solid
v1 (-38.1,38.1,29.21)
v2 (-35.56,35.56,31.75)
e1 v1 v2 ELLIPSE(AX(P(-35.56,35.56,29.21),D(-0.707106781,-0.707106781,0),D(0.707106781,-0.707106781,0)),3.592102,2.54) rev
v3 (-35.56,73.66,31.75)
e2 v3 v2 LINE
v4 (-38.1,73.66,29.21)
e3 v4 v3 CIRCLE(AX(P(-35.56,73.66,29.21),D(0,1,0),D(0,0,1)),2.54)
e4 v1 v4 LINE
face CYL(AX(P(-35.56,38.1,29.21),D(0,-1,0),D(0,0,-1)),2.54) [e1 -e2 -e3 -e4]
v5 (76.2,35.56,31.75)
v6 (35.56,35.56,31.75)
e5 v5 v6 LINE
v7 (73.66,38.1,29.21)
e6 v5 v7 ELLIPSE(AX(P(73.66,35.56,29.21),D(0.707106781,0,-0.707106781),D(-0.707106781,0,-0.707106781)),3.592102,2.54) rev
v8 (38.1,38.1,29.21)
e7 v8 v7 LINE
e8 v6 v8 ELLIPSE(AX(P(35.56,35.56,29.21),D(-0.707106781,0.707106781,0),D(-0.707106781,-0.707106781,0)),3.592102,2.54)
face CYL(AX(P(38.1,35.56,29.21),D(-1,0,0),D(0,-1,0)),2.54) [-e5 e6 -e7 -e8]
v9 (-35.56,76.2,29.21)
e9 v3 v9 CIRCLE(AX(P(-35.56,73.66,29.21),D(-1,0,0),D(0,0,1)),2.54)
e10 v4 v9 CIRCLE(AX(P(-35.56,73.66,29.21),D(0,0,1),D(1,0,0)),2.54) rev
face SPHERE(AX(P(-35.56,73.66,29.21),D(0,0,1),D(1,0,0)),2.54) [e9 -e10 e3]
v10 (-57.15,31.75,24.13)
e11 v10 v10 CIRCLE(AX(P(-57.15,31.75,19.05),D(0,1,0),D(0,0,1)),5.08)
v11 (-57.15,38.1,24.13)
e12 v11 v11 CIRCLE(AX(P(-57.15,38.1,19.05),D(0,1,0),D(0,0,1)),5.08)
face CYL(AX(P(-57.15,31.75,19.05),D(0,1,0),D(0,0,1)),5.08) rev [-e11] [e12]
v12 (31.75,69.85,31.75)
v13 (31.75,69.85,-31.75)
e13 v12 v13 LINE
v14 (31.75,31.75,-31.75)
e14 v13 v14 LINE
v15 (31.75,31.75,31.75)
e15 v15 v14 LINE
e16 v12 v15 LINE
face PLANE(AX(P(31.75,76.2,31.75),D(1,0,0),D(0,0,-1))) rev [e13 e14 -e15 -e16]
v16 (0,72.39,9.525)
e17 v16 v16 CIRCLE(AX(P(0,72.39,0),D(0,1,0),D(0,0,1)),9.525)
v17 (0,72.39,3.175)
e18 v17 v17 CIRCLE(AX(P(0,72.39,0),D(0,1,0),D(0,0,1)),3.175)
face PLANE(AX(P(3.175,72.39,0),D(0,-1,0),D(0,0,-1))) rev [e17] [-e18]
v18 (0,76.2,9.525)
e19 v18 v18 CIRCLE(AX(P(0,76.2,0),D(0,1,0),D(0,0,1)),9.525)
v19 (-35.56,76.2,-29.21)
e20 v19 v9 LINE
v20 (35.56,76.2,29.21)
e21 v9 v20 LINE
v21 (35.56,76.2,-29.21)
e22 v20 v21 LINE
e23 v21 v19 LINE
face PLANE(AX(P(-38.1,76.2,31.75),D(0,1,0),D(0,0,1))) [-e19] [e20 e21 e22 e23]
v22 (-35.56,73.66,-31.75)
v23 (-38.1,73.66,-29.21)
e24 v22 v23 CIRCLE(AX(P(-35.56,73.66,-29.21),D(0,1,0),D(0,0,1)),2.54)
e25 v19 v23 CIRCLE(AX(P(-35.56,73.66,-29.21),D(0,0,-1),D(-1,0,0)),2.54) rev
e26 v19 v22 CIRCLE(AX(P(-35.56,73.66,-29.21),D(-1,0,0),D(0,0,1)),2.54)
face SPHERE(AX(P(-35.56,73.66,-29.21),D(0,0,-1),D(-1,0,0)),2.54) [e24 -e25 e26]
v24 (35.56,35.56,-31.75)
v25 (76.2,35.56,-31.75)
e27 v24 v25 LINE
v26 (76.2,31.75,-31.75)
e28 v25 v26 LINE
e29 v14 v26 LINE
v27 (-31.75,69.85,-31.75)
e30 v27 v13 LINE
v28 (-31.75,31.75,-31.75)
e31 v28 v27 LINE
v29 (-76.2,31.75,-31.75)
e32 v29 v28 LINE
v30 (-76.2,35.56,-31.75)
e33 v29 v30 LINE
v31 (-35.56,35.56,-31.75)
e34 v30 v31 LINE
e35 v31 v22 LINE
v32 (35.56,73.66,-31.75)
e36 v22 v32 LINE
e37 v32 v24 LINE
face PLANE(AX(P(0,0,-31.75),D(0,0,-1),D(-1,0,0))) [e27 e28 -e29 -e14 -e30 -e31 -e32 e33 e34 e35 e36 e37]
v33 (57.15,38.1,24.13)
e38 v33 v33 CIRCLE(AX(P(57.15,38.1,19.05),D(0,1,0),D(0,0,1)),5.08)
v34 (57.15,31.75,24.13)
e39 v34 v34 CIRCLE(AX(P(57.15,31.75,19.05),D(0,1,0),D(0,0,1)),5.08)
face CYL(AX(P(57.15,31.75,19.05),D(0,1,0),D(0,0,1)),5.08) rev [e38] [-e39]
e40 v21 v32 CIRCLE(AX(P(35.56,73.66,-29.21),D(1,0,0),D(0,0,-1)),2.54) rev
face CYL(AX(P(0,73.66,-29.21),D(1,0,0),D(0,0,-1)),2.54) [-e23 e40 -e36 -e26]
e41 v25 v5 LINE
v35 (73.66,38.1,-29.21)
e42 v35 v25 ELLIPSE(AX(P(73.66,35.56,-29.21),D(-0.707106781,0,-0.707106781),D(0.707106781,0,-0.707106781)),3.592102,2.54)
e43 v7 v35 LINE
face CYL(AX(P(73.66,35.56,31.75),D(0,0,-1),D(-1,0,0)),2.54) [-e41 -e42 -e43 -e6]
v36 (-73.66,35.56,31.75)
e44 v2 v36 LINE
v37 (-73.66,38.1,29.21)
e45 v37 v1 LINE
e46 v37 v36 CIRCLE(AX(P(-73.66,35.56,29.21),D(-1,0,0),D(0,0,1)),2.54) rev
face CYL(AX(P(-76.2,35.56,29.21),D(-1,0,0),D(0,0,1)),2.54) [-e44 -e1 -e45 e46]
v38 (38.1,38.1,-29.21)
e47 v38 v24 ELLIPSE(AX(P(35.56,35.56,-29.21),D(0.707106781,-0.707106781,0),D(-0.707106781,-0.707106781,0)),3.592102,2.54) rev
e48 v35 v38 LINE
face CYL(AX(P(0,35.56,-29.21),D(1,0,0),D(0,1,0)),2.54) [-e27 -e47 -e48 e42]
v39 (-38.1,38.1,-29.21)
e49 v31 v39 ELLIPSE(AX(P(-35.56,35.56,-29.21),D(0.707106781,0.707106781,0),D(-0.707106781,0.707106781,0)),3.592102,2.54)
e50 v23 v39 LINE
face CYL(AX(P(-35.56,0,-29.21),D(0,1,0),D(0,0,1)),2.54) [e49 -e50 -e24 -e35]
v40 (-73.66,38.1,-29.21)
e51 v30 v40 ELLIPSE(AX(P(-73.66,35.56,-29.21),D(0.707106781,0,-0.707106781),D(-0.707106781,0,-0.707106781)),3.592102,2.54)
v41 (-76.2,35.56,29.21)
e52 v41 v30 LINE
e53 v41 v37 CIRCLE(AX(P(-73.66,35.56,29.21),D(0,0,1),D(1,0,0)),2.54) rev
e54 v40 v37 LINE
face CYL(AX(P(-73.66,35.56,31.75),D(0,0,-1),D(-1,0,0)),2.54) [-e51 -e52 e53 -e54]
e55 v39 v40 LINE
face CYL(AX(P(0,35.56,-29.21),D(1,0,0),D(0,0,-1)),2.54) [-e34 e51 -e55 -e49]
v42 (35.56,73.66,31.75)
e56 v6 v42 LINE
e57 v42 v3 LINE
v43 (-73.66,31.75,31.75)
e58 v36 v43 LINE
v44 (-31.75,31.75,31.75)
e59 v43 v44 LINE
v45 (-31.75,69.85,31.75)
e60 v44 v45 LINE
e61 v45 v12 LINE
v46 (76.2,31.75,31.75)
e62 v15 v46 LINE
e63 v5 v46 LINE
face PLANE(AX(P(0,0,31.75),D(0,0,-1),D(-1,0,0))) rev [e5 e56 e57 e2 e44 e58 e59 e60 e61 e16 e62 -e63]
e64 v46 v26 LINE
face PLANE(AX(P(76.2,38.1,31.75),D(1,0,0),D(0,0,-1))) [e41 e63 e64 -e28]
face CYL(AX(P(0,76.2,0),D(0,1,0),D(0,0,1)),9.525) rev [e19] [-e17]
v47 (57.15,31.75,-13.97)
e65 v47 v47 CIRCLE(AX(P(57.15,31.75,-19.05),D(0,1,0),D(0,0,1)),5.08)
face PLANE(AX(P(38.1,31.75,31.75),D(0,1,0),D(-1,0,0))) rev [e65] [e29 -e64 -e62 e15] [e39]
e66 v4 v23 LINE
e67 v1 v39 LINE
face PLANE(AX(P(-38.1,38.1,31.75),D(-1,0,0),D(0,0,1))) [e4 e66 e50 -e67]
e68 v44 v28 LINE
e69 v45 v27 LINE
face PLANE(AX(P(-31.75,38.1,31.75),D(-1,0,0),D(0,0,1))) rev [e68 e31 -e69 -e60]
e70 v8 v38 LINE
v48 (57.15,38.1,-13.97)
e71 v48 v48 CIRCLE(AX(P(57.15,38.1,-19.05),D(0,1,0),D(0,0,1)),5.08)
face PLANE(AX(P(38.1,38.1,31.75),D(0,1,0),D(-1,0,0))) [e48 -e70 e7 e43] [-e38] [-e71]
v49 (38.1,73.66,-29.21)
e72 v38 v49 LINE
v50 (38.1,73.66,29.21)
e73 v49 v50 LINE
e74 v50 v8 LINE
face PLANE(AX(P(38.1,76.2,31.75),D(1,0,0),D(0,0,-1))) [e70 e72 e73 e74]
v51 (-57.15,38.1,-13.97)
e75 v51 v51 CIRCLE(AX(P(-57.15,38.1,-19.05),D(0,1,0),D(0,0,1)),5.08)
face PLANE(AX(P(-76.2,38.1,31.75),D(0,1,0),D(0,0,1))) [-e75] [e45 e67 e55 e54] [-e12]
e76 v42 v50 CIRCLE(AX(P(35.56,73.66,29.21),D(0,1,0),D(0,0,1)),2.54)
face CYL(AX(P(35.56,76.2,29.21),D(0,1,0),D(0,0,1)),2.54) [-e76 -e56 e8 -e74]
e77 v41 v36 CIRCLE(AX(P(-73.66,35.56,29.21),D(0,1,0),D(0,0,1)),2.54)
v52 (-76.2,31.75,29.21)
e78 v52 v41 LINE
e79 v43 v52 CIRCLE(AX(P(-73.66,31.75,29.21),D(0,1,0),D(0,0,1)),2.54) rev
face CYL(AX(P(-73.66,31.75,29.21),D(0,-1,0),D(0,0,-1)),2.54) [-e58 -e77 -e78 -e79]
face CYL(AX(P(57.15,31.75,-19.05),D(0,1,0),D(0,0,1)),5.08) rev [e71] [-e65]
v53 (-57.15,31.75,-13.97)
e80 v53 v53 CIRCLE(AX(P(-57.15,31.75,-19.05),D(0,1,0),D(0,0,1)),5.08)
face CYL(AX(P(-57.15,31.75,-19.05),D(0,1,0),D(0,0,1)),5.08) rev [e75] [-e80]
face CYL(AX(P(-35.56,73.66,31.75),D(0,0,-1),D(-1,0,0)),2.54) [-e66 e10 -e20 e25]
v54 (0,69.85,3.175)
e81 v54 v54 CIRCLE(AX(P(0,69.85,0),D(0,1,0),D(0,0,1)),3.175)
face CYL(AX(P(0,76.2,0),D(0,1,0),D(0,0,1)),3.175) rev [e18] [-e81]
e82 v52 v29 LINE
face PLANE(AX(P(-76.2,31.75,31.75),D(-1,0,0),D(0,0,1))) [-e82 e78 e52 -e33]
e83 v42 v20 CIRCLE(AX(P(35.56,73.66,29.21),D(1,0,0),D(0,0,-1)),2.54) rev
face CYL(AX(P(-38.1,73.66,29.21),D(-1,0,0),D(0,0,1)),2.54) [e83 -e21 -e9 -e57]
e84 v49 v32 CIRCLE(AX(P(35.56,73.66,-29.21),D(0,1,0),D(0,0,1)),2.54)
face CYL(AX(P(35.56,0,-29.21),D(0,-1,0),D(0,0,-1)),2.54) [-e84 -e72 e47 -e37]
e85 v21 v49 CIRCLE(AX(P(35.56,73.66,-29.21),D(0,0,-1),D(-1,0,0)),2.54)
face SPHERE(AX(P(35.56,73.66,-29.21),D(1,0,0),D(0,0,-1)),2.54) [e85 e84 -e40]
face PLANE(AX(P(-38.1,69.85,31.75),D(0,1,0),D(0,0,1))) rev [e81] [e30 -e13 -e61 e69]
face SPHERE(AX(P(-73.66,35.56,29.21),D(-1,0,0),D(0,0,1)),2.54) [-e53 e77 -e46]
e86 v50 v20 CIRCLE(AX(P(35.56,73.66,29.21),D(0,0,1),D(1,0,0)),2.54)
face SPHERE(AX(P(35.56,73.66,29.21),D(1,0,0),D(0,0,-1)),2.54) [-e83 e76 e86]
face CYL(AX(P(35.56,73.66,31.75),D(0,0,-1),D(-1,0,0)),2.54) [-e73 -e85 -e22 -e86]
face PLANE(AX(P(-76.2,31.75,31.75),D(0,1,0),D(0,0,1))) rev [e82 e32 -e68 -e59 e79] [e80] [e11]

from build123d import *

# Parameters (mm, degrees)
EXTRUDE_THIN2_DEPTH                                 = 31.75
CBORE_FOR_00_BINDING_HEAD_MACHINE_SCREW_D           = 6.35
CBORE_FOR_00_BINDING_HEAD_MACHINE_SCREW_CBORE_D     = 19.05
CBORE_FOR_00_BINDING_HEAD_MACHINE_SCREW_CBORE_DEPTH = 3.81
SKETCH14_R                                          = 5.08
CUT_EXTRUDE1_DEPTH                                  = 91.918163752
LPATTERN1_COUNT                                     = 2
LPATTERN1_PITCH                                     = 38.1
LPATTERN1_COUNT_DIR2                                = 2
LPATTERN1_PITCH_DIR2                                = 114.3
FILLET1_R                                           = 2.54


with BuildPart() as part:
    # Sketch3 → Extrude-Thin2 (new, symmetric)
    with BuildSketch(Plane.XY):
        Polygon((-76.2, 38.1), (-38.1, 38.1), (-38.1, 76.2), (38.1, 76.2), (38.1, 38.1), (76.2, 38.1), (76.2, 31.75), (31.75, 31.75), (31.75, 69.85), (-31.75, 69.85), (-31.75, 31.75), (-76.2, 31.75), align=None)
    extrude(amount=EXTRUDE_THIN2_DEPTH, both=True)

    # CBORE for #00 Binding Head Machine Screw1 (through all)
    with Locations(Plane(origin=(0, 76.2, 0), x_dir=(1, 0, 0), z_dir=(0, 1, 0))):
        with Locations((0, 0)):
            CounterBoreHole(CBORE_FOR_00_BINDING_HEAD_MACHINE_SCREW_D / 2, CBORE_FOR_00_BINDING_HEAD_MACHINE_SCREW_CBORE_D / 2, CBORE_FOR_00_BINDING_HEAD_MACHINE_SCREW_CBORE_DEPTH)

    # Sketch14 → Cut-Extrude1 (cut, through all)
    with BuildSketch(Plane(origin=(0, 38.1, 0), x_dir=(1, 0, 0), z_dir=(0, 1, 0))):
        with Locations(Location((-57.15, -19.05, 0), (0, 0, 270))):
            Circle(SKETCH14_R)
    cut_extrude1 = extrude(amount=-CUT_EXTRUDE1_DEPTH, mode=Mode.SUBTRACT)

    # LPattern1: Cut-Extrude1 2 × 2
    with Locations(*[(j * LPATTERN1_PITCH_DIR2, 0, -i * LPATTERN1_PITCH) for i in range(LPATTERN1_COUNT) for j in range(LPATTERN1_COUNT_DIR2) if (i, j) != (0, 0)]):
        add(cut_extrude1, mode=Mode.SUBTRACT)

    # Fillet1
    fillet1_edges = [part.edges().sort_by_distance(p)[0] for p in [
        (-57.15, 38.1, -31.75),
        (-38.1, 57.15, -31.75),
        (0, 76.2, -31.75),
        (57.15, 38.1, 31.75),
        (38.1, 57.15, -31.75),
        (57.15, 38.1, -31.75),
        (38.1, 57.15, 31.75),
        (-76.2, 38.1, 0),
        (-38.1, 76.2, 0),
        (38.1, 76.2, 0),
        (76.2, 38.1, 0),
        (0, 76.2, 31.75),
        (-38.1, 57.15, 31.75),
        (-57.15, 38.1, 31.75),
        (-76.2, 34.925, 31.75),
    ]]
    fillet(fillet1_edges, radius=FILLET1_R)


solid = part.part
